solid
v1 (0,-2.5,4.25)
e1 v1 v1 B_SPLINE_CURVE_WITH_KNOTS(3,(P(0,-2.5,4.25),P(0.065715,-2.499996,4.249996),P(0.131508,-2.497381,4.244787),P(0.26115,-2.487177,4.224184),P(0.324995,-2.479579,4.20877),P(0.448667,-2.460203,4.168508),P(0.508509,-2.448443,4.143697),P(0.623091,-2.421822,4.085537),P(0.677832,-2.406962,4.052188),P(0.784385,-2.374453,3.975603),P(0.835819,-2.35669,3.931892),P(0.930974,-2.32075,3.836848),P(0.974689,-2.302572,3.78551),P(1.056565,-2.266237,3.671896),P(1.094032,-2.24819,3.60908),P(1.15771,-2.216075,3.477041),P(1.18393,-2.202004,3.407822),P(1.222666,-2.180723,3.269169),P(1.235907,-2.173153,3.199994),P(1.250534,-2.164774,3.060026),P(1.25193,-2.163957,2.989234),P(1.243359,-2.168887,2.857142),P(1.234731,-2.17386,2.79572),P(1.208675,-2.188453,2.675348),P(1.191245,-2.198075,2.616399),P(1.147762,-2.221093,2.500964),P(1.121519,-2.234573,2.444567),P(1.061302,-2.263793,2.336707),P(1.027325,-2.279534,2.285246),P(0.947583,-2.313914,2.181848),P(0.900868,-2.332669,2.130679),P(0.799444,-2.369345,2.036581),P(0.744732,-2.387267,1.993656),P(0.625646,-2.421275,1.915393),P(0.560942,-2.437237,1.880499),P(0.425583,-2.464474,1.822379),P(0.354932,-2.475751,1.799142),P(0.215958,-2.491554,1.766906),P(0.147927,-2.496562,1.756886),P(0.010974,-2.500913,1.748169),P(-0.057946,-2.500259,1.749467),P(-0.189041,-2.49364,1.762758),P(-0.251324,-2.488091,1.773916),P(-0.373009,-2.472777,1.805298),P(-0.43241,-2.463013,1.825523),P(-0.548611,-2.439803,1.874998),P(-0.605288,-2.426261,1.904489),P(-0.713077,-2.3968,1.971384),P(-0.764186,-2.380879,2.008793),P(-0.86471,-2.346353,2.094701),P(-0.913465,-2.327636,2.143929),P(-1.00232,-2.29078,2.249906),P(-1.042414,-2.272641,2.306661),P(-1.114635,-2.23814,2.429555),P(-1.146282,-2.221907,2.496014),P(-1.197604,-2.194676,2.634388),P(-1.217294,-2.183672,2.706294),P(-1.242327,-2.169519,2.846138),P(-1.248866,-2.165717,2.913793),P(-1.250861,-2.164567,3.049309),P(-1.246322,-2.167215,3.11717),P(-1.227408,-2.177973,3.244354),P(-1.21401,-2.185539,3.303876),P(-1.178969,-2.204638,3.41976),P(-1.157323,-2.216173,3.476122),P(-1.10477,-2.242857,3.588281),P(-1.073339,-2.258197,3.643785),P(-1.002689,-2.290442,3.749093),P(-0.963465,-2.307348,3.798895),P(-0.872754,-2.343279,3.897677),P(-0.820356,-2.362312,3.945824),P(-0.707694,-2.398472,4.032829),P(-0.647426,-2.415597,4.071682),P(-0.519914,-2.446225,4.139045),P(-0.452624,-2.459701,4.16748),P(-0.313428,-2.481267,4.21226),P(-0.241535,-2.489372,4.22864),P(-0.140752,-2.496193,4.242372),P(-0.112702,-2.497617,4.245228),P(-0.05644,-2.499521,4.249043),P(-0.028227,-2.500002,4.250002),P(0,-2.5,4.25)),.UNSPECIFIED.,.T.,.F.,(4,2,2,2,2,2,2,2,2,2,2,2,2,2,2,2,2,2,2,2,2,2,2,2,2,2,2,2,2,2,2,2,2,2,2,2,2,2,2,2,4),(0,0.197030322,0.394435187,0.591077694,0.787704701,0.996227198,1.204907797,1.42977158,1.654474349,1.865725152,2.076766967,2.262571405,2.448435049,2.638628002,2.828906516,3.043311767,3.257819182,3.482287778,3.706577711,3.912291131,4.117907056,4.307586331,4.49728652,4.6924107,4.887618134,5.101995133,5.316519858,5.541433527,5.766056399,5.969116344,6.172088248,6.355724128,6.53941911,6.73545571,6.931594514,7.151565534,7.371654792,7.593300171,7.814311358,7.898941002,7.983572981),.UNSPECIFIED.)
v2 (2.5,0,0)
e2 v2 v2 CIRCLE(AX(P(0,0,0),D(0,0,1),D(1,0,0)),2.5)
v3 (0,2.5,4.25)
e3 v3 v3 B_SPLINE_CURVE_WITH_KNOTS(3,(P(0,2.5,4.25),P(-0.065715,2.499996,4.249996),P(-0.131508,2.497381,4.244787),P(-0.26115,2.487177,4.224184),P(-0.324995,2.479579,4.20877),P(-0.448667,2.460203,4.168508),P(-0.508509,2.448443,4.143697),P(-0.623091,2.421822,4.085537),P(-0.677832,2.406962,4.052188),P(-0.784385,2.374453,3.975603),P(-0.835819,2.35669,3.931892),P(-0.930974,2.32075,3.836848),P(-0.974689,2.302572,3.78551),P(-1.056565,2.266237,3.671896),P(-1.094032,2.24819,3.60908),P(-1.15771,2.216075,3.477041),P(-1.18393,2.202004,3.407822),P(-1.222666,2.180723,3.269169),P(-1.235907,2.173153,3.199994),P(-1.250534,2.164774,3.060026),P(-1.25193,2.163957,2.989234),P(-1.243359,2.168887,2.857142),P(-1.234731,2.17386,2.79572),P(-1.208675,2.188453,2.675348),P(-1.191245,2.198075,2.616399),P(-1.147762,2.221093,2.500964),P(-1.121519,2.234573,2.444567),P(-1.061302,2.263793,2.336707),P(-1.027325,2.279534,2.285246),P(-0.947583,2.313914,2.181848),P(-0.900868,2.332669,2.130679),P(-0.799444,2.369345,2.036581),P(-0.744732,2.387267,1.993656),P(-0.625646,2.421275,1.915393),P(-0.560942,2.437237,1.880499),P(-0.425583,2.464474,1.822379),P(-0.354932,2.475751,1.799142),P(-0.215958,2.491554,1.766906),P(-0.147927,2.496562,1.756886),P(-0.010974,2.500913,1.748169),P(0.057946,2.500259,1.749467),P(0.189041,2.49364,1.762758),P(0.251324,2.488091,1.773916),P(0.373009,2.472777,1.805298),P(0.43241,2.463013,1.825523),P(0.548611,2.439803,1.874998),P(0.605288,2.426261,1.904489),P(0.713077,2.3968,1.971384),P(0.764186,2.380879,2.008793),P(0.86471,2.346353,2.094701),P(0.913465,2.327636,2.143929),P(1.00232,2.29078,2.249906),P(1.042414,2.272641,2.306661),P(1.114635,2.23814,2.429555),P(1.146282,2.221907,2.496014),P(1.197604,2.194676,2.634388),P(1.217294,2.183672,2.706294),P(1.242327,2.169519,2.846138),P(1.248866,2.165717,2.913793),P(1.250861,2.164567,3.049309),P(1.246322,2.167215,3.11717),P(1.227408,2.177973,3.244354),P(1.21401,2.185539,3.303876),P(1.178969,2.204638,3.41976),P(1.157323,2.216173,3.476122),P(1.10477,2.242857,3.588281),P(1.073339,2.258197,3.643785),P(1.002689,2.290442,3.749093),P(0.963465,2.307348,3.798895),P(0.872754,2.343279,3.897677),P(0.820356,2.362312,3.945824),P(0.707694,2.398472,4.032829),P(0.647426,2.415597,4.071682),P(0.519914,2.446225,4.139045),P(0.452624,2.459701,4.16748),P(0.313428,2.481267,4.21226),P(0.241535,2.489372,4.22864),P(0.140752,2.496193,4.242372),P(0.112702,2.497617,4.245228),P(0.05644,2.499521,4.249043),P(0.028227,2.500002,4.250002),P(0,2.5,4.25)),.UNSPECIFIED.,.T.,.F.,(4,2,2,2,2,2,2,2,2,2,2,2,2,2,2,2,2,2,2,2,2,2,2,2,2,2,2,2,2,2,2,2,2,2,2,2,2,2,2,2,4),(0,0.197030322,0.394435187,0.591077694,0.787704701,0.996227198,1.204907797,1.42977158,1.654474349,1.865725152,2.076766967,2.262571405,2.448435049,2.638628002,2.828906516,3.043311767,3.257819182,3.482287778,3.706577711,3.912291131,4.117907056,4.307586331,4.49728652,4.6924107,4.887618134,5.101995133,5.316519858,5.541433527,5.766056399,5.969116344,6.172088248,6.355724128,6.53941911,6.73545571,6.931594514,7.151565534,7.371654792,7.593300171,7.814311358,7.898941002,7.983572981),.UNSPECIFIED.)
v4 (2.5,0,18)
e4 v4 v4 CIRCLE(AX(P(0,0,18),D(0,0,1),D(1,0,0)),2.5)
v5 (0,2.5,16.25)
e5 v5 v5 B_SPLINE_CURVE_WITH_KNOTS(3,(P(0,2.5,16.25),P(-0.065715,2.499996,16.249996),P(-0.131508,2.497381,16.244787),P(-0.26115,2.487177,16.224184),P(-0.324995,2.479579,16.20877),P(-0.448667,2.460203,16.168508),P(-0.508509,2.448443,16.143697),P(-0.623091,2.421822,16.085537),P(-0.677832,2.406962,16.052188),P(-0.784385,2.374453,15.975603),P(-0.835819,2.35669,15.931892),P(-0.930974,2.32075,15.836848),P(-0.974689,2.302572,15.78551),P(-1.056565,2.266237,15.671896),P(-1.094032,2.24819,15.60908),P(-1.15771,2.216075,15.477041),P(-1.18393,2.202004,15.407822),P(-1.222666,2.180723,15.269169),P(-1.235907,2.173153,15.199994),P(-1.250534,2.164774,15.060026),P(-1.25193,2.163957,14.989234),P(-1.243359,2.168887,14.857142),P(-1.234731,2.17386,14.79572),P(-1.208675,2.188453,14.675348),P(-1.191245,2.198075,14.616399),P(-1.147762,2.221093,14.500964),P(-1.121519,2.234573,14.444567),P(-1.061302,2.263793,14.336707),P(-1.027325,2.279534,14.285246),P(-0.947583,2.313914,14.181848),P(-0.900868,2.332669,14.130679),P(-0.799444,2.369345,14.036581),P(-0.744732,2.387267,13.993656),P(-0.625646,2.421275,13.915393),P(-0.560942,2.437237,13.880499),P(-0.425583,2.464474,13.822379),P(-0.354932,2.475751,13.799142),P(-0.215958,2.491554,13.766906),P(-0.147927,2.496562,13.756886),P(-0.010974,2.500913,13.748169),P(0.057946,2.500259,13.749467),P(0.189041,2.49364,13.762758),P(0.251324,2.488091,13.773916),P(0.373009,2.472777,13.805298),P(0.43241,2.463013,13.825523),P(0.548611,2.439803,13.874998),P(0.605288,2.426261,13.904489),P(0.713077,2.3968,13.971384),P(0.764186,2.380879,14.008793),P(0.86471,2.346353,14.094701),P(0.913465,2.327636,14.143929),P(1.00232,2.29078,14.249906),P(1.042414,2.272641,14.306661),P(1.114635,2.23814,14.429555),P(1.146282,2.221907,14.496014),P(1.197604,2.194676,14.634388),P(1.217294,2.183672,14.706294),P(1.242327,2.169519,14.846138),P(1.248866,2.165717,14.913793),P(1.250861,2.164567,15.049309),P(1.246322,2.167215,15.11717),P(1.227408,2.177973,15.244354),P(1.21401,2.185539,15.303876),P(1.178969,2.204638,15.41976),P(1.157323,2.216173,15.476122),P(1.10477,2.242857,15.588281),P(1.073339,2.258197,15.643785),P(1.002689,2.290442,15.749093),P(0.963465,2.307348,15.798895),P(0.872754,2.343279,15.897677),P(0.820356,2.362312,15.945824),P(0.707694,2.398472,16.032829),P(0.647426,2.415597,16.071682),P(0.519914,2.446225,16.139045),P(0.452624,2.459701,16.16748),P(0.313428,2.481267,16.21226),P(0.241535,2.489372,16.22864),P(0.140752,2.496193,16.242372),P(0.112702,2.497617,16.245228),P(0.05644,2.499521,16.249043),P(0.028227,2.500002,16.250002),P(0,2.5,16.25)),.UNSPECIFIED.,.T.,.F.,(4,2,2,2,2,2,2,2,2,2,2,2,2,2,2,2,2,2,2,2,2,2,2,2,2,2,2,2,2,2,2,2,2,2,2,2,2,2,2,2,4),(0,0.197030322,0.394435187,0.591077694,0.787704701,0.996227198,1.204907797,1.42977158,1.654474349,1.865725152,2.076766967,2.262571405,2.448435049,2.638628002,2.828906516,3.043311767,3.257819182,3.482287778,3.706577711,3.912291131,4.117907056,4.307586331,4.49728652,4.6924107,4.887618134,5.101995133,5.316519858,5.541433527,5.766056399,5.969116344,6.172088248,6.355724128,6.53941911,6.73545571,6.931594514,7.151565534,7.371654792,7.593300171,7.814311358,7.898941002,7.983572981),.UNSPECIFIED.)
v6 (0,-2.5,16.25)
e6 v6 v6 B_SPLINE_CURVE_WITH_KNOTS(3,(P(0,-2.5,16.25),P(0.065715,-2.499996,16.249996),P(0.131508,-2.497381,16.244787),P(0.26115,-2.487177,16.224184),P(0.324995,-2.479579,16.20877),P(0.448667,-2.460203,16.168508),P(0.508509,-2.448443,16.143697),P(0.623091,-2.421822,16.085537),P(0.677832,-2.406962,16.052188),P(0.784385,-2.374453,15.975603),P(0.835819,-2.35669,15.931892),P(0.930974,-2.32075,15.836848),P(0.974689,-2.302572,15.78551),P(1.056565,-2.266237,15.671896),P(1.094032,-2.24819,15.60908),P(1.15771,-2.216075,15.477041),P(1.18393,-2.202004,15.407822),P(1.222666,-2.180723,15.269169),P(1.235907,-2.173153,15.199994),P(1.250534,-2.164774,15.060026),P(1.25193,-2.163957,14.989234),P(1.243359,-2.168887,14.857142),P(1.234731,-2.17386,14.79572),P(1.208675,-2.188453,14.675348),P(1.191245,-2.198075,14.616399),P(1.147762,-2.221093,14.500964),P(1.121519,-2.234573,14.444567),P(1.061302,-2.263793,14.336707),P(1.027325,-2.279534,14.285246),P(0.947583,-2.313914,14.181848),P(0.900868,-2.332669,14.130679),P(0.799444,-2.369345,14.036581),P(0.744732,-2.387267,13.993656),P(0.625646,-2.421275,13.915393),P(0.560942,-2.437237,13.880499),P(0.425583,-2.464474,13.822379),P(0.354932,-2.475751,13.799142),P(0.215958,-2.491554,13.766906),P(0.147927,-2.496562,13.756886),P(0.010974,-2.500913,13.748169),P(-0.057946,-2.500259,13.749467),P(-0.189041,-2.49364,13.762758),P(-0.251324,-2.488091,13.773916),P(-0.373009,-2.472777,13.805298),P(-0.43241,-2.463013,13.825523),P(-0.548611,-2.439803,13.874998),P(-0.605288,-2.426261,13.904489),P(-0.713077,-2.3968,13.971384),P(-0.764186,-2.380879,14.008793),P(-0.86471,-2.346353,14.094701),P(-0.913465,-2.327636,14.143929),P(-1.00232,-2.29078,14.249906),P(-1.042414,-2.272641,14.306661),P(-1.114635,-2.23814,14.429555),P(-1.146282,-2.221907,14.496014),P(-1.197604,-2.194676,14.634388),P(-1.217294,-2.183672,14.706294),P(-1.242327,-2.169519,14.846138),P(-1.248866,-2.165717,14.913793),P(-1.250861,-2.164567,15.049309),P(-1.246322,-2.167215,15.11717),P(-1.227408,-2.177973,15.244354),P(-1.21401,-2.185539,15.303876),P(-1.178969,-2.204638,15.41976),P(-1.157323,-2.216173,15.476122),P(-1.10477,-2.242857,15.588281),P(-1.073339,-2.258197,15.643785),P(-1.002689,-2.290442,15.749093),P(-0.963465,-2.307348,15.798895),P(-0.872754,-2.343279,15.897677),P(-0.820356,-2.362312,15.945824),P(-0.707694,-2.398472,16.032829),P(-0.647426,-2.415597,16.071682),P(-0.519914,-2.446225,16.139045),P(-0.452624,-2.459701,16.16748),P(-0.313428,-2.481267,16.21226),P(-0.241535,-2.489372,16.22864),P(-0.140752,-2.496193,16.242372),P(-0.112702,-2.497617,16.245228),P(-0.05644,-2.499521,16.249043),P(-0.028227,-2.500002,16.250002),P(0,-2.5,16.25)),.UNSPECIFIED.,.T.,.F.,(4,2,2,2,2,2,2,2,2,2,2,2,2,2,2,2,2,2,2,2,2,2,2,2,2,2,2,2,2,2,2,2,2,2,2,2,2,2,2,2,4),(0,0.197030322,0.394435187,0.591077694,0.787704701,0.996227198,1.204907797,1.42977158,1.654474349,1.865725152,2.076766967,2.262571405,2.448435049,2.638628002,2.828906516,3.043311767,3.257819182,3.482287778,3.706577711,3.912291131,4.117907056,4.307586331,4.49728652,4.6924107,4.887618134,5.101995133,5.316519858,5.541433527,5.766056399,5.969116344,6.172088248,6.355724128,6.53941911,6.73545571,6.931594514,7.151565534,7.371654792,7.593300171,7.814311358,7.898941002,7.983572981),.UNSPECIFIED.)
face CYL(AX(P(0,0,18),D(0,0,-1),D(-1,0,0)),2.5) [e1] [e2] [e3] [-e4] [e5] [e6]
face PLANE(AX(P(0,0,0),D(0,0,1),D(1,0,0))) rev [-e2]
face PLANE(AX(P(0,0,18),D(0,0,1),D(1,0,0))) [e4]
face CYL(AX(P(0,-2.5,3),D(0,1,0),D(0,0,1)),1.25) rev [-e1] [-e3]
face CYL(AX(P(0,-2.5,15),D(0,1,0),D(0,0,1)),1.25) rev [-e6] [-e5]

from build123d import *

# Parameters (mm, degrees)
SKETCH1_R               = 2.5
BOSS_EXTRUDE1_DEPTH     = 18
SKETCH2_R               = 1.25
CUT_EXTRUDE1_DEPTH      = 3.5
CUT_EXTRUDE1_DEPTH_BACK = 3.5


with BuildPart() as part:
    # Sketch1 → Boss-Extrude1 (new body)
    with BuildSketch(Plane.XY):
        Circle(SKETCH1_R)
    extrude(amount=BOSS_EXTRUDE1_DEPTH)

    # Sketch2 → Cut-Extrude1 (cut, two sides)
    with BuildSketch(Plane(origin=(0, 0, 0), x_dir=(1, 0, 0), z_dir=(0, 1, 0))) as cut_extrude1_sk:
        with Locations((0, -3)):
            Circle(SKETCH2_R)
        with Locations((0, -15)):
            Circle(SKETCH2_R)
    extrude(amount=CUT_EXTRUDE1_DEPTH, mode=Mode.SUBTRACT)
    extrude(cut_extrude1_sk.sketch, amount=-CUT_EXTRUDE1_DEPTH_BACK, mode=Mode.SUBTRACT)


solid = part.part
